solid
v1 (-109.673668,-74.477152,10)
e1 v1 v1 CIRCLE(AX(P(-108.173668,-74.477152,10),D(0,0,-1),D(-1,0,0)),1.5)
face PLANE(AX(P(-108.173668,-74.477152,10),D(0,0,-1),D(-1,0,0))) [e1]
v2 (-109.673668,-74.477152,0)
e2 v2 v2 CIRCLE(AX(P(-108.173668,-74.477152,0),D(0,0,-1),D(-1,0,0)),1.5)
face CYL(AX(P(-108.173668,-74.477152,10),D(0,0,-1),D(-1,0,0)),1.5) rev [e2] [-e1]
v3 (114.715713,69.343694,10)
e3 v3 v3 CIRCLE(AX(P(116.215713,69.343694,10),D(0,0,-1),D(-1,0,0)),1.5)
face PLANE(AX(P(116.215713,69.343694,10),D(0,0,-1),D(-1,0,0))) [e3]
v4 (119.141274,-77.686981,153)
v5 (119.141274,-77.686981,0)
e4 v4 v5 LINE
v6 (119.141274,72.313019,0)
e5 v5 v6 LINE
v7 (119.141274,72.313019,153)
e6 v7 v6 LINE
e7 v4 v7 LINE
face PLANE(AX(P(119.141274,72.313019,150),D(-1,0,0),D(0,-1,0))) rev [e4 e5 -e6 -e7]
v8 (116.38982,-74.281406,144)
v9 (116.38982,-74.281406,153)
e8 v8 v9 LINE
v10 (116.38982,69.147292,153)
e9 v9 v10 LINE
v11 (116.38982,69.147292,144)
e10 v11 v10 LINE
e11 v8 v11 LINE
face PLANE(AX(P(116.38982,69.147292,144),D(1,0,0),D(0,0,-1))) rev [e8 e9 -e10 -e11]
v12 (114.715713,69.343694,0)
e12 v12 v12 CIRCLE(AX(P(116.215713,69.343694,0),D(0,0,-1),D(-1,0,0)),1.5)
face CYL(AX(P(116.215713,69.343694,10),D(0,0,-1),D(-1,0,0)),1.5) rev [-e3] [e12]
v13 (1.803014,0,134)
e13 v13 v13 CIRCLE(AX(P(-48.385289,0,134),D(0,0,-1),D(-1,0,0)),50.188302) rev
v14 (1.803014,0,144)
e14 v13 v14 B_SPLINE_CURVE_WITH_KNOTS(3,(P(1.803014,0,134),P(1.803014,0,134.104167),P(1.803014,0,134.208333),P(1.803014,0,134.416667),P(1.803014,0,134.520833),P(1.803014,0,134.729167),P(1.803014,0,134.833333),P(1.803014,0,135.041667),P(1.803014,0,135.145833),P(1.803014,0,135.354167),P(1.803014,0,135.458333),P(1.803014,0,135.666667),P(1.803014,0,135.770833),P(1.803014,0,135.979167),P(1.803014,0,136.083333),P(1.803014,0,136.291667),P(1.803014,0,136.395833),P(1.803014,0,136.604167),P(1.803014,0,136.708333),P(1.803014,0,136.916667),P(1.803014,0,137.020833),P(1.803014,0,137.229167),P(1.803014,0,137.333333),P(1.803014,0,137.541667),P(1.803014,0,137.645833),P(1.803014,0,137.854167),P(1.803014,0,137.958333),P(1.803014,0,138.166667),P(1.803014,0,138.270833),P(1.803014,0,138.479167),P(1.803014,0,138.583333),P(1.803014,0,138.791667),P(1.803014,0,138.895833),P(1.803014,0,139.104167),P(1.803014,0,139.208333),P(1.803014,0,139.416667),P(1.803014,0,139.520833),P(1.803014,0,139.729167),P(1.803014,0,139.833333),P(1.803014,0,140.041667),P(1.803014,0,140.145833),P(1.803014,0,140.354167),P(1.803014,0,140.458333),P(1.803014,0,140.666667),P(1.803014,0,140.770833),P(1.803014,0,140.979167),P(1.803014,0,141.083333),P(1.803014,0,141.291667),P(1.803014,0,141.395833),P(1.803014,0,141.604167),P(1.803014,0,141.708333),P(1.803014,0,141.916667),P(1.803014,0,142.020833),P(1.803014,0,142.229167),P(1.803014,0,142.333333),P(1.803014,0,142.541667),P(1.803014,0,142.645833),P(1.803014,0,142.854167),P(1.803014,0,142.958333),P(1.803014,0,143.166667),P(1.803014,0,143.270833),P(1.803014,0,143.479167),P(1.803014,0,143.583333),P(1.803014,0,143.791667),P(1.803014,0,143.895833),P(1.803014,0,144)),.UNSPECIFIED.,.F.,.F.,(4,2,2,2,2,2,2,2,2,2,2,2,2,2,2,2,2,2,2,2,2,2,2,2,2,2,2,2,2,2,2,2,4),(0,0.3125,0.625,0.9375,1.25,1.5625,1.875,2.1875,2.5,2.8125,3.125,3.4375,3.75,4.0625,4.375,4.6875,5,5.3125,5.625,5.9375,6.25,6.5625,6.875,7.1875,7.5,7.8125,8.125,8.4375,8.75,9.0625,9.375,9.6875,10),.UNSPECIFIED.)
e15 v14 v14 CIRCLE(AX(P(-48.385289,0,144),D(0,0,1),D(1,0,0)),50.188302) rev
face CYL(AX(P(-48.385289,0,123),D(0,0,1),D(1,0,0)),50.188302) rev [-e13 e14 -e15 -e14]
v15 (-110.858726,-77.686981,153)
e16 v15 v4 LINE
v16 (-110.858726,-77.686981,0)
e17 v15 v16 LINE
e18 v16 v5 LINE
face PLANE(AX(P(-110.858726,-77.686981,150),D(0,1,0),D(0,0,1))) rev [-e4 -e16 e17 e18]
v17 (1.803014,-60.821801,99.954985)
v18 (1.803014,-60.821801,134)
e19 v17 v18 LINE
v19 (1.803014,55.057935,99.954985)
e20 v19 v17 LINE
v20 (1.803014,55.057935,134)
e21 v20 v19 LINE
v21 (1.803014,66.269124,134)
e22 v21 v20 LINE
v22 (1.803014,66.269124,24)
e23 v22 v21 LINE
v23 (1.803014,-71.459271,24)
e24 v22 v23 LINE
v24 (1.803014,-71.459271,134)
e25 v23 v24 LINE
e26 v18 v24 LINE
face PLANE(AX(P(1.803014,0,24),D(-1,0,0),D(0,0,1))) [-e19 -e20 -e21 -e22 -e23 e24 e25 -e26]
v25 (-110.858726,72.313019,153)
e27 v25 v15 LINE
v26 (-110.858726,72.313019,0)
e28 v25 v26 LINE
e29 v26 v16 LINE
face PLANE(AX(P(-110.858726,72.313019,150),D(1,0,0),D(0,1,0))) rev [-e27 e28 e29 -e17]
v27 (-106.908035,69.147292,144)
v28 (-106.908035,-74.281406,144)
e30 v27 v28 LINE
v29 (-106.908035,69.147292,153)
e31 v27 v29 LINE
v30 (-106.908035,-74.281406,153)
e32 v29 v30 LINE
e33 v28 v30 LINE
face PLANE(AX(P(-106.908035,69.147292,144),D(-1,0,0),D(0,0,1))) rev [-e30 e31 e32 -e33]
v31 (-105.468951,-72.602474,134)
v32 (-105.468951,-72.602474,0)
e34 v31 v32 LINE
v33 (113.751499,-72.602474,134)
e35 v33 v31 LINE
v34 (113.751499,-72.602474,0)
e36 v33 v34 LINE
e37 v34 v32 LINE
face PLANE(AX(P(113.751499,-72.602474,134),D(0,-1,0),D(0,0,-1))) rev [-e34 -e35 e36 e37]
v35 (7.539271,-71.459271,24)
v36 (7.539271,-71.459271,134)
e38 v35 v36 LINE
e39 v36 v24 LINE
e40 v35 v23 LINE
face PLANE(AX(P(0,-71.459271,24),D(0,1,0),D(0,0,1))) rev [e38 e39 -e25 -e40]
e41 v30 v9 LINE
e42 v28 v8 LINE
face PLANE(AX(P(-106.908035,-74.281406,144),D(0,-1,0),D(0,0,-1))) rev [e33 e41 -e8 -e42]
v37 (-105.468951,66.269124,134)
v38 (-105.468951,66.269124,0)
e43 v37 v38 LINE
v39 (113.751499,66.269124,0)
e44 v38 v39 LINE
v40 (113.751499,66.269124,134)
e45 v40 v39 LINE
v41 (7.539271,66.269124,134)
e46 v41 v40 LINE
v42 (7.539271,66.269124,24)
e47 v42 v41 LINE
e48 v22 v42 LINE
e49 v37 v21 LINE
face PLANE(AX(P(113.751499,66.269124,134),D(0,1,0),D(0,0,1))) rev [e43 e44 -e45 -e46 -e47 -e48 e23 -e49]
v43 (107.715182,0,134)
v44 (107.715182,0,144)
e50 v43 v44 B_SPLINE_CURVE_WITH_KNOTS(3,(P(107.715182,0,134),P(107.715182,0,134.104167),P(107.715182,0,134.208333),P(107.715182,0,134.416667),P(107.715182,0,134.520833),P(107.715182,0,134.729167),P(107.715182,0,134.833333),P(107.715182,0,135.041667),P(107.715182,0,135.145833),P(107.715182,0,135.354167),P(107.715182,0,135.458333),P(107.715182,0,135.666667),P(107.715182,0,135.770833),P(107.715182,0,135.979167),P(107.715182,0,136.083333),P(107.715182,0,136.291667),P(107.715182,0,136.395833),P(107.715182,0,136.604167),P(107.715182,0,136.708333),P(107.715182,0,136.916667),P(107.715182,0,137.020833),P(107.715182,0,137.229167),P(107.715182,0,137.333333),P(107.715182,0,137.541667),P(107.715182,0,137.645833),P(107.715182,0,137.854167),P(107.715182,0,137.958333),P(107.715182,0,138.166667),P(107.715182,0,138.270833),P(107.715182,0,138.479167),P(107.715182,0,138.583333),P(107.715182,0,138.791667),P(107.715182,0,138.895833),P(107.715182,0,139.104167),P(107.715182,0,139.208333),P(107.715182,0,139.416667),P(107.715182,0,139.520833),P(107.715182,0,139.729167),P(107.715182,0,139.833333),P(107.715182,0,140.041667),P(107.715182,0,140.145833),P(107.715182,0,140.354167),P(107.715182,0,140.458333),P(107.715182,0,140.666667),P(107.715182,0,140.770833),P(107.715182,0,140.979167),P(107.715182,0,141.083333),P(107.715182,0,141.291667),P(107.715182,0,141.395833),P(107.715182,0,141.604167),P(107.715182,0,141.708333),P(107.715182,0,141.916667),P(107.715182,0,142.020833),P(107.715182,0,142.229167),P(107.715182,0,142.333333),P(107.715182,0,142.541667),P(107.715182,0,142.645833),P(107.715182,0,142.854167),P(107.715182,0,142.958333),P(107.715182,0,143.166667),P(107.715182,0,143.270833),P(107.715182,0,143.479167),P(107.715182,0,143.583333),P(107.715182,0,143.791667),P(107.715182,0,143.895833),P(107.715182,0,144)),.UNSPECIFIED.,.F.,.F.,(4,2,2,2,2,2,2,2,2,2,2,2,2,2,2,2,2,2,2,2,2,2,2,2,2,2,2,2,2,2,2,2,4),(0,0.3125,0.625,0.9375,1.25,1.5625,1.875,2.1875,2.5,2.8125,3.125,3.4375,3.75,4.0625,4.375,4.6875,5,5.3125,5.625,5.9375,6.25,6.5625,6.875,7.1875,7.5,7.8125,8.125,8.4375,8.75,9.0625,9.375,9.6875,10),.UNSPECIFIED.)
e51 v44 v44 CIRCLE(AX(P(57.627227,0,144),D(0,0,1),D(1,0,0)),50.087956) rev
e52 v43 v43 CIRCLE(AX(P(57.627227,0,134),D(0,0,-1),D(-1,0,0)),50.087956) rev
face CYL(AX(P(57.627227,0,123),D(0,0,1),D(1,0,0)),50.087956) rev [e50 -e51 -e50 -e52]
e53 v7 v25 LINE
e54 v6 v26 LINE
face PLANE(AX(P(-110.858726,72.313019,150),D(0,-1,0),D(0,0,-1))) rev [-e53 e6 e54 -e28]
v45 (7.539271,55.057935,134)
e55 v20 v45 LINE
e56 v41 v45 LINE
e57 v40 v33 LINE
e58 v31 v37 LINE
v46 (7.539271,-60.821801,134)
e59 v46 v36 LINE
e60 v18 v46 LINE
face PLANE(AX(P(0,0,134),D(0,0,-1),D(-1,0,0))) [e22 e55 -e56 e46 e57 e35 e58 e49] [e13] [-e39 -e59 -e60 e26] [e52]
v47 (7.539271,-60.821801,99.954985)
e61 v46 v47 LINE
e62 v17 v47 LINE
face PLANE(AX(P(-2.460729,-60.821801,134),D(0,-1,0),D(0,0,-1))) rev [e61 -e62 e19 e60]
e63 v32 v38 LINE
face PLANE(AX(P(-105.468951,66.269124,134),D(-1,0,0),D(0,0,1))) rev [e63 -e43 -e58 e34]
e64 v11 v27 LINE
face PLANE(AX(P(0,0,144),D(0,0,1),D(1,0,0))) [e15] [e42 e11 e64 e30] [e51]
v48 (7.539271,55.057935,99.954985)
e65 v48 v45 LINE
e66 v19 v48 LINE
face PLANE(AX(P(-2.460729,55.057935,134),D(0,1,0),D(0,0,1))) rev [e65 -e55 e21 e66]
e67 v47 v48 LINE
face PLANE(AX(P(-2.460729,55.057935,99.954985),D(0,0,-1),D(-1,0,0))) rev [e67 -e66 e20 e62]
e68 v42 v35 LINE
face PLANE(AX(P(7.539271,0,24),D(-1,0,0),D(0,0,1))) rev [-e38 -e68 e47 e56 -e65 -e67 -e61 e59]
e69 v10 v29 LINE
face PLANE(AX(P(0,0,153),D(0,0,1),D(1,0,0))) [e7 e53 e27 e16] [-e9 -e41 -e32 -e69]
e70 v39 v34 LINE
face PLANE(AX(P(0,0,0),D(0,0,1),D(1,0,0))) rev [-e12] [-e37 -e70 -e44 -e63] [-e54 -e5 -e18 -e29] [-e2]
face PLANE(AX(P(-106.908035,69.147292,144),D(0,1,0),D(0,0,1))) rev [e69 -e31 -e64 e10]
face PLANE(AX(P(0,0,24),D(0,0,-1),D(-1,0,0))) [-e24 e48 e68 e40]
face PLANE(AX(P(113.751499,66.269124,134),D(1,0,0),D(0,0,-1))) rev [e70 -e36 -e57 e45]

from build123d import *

# Parameters (mm, degrees)
SKETCH1_W           = 230
SKETCH1_H           = 150
BOSS_EXTRUDE1_DEPTH = 150
SKETCH2_R           = 50.188302383
SKETCH2_R_2         = 50.087955562
CUT_EXTRUDE1_DEPTH  = 27
SKETCH3_W           = 219.220450204
SKETCH3_H           = 138.871598106
CUT_EXTRUDE2_DEPTH  = 134
SKETCH4_W           = 230
SKETCH4_H           = 150
BOSS_EXTRUDE2_DEPTH = 3
SKETCH5_W           = 223.297854639
SKETCH5_H           = 143.428697179
CUT_EXTRUDE3_DEPTH  = 9
SKETCH7_W           = 5.736257362
SKETCH7_H           = 137.728394846
BOSS_EXTRUDE5_DEPTH = 110
SKETCH8_R           = 1.5
CUT_EXTRUDE4_DEPTH  = 10
SKETCH9_W           = 34.045014521
SKETCH9_H           = 115.879735823
CUT_EXTRUDE5_DEPTH  = 10


with BuildPart() as part:
    # Sketch1 → Boss-Extrude1 (new body)
    with BuildSketch(Plane.XY):
        with Locations((4.141274238, -2.686980609)):
            Rectangle(SKETCH1_W, SKETCH1_H)
    extrude(amount=BOSS_EXTRUDE1_DEPTH)

    # Sketch2 → Cut-Extrude1 (cut)
    with BuildSketch(Plane.XY.offset(150)):
        with Locations((-48.385288776, 0)):
            Circle(SKETCH2_R)
        with Locations((57.627226531, 0)):
            Circle(SKETCH2_R_2)
    extrude(amount=-CUT_EXTRUDE1_DEPTH, mode=Mode.SUBTRACT)

    # Sketch3 → Cut-Extrude2 (cut)
    with BuildSketch(Plane(origin=(0, 0, 0), x_dir=(-1, 0, 0), z_dir=(0, 0, -1))):
        with Locations((-4.141274238, -3.166675249)):
            Rectangle(SKETCH3_W, SKETCH3_H)
    extrude(amount=-CUT_EXTRUDE2_DEPTH, mode=Mode.SUBTRACT)

    # Sketch4 → Boss-Extrude2 (add)
    with BuildSketch(Plane.XY.offset(150)):
        with Locations((4.141274238, -2.686980609)):
            Rectangle(SKETCH4_W, SKETCH4_H)
    extrude(amount=BOSS_EXTRUDE2_DEPTH)

    # Sketch5 → Cut-Extrude3 (cut)
    with BuildSketch(Plane.XY.offset(153)):
        with Locations((4.740892538, -2.567056949)):
            Rectangle(SKETCH5_W, SKETCH5_H)
    extrude(amount=-CUT_EXTRUDE3_DEPTH, mode=Mode.SUBTRACT)

    # Sketch7 → Boss-Extrude5 (add)
    with BuildSketch(Plane(origin=(0, 0, 134), x_dir=(-1, 0, 0), z_dir=(0, 0, -1))):
        with Locations((-4.671142288, -2.595073619)):
            Rectangle(SKETCH7_W, SKETCH7_H)
    extrude(amount=BOSS_EXTRUDE5_DEPTH)

    # Sketch8 → Cut-Extrude4 (cut)
    with BuildSketch(Plane(origin=(0, 0, 0), x_dir=(-1, 0, 0), z_dir=(0, 0, -1))):
        with Locations((-116.215713327, 69.343694299)):
            Circle(SKETCH8_R)
        with Locations((108.173667939, -74.477152429)):
            Circle(SKETCH8_R)
    extrude(amount=-CUT_EXTRUDE4_DEPTH, mode=Mode.SUBTRACT)

    # Sketch9 → Cut-Extrude5 (cut)
    with BuildSketch(Plane(origin=(7.539270969, 0, 0), x_dir=(0, 0, -1), z_dir=(1, 0, 0))):
        with Locations((-116.97749274, -2.881933203)):
            Rectangle(SKETCH9_W, SKETCH9_H)
    extrude(amount=-CUT_EXTRUDE5_DEPTH, mode=Mode.SUBTRACT)


solid = part.part
